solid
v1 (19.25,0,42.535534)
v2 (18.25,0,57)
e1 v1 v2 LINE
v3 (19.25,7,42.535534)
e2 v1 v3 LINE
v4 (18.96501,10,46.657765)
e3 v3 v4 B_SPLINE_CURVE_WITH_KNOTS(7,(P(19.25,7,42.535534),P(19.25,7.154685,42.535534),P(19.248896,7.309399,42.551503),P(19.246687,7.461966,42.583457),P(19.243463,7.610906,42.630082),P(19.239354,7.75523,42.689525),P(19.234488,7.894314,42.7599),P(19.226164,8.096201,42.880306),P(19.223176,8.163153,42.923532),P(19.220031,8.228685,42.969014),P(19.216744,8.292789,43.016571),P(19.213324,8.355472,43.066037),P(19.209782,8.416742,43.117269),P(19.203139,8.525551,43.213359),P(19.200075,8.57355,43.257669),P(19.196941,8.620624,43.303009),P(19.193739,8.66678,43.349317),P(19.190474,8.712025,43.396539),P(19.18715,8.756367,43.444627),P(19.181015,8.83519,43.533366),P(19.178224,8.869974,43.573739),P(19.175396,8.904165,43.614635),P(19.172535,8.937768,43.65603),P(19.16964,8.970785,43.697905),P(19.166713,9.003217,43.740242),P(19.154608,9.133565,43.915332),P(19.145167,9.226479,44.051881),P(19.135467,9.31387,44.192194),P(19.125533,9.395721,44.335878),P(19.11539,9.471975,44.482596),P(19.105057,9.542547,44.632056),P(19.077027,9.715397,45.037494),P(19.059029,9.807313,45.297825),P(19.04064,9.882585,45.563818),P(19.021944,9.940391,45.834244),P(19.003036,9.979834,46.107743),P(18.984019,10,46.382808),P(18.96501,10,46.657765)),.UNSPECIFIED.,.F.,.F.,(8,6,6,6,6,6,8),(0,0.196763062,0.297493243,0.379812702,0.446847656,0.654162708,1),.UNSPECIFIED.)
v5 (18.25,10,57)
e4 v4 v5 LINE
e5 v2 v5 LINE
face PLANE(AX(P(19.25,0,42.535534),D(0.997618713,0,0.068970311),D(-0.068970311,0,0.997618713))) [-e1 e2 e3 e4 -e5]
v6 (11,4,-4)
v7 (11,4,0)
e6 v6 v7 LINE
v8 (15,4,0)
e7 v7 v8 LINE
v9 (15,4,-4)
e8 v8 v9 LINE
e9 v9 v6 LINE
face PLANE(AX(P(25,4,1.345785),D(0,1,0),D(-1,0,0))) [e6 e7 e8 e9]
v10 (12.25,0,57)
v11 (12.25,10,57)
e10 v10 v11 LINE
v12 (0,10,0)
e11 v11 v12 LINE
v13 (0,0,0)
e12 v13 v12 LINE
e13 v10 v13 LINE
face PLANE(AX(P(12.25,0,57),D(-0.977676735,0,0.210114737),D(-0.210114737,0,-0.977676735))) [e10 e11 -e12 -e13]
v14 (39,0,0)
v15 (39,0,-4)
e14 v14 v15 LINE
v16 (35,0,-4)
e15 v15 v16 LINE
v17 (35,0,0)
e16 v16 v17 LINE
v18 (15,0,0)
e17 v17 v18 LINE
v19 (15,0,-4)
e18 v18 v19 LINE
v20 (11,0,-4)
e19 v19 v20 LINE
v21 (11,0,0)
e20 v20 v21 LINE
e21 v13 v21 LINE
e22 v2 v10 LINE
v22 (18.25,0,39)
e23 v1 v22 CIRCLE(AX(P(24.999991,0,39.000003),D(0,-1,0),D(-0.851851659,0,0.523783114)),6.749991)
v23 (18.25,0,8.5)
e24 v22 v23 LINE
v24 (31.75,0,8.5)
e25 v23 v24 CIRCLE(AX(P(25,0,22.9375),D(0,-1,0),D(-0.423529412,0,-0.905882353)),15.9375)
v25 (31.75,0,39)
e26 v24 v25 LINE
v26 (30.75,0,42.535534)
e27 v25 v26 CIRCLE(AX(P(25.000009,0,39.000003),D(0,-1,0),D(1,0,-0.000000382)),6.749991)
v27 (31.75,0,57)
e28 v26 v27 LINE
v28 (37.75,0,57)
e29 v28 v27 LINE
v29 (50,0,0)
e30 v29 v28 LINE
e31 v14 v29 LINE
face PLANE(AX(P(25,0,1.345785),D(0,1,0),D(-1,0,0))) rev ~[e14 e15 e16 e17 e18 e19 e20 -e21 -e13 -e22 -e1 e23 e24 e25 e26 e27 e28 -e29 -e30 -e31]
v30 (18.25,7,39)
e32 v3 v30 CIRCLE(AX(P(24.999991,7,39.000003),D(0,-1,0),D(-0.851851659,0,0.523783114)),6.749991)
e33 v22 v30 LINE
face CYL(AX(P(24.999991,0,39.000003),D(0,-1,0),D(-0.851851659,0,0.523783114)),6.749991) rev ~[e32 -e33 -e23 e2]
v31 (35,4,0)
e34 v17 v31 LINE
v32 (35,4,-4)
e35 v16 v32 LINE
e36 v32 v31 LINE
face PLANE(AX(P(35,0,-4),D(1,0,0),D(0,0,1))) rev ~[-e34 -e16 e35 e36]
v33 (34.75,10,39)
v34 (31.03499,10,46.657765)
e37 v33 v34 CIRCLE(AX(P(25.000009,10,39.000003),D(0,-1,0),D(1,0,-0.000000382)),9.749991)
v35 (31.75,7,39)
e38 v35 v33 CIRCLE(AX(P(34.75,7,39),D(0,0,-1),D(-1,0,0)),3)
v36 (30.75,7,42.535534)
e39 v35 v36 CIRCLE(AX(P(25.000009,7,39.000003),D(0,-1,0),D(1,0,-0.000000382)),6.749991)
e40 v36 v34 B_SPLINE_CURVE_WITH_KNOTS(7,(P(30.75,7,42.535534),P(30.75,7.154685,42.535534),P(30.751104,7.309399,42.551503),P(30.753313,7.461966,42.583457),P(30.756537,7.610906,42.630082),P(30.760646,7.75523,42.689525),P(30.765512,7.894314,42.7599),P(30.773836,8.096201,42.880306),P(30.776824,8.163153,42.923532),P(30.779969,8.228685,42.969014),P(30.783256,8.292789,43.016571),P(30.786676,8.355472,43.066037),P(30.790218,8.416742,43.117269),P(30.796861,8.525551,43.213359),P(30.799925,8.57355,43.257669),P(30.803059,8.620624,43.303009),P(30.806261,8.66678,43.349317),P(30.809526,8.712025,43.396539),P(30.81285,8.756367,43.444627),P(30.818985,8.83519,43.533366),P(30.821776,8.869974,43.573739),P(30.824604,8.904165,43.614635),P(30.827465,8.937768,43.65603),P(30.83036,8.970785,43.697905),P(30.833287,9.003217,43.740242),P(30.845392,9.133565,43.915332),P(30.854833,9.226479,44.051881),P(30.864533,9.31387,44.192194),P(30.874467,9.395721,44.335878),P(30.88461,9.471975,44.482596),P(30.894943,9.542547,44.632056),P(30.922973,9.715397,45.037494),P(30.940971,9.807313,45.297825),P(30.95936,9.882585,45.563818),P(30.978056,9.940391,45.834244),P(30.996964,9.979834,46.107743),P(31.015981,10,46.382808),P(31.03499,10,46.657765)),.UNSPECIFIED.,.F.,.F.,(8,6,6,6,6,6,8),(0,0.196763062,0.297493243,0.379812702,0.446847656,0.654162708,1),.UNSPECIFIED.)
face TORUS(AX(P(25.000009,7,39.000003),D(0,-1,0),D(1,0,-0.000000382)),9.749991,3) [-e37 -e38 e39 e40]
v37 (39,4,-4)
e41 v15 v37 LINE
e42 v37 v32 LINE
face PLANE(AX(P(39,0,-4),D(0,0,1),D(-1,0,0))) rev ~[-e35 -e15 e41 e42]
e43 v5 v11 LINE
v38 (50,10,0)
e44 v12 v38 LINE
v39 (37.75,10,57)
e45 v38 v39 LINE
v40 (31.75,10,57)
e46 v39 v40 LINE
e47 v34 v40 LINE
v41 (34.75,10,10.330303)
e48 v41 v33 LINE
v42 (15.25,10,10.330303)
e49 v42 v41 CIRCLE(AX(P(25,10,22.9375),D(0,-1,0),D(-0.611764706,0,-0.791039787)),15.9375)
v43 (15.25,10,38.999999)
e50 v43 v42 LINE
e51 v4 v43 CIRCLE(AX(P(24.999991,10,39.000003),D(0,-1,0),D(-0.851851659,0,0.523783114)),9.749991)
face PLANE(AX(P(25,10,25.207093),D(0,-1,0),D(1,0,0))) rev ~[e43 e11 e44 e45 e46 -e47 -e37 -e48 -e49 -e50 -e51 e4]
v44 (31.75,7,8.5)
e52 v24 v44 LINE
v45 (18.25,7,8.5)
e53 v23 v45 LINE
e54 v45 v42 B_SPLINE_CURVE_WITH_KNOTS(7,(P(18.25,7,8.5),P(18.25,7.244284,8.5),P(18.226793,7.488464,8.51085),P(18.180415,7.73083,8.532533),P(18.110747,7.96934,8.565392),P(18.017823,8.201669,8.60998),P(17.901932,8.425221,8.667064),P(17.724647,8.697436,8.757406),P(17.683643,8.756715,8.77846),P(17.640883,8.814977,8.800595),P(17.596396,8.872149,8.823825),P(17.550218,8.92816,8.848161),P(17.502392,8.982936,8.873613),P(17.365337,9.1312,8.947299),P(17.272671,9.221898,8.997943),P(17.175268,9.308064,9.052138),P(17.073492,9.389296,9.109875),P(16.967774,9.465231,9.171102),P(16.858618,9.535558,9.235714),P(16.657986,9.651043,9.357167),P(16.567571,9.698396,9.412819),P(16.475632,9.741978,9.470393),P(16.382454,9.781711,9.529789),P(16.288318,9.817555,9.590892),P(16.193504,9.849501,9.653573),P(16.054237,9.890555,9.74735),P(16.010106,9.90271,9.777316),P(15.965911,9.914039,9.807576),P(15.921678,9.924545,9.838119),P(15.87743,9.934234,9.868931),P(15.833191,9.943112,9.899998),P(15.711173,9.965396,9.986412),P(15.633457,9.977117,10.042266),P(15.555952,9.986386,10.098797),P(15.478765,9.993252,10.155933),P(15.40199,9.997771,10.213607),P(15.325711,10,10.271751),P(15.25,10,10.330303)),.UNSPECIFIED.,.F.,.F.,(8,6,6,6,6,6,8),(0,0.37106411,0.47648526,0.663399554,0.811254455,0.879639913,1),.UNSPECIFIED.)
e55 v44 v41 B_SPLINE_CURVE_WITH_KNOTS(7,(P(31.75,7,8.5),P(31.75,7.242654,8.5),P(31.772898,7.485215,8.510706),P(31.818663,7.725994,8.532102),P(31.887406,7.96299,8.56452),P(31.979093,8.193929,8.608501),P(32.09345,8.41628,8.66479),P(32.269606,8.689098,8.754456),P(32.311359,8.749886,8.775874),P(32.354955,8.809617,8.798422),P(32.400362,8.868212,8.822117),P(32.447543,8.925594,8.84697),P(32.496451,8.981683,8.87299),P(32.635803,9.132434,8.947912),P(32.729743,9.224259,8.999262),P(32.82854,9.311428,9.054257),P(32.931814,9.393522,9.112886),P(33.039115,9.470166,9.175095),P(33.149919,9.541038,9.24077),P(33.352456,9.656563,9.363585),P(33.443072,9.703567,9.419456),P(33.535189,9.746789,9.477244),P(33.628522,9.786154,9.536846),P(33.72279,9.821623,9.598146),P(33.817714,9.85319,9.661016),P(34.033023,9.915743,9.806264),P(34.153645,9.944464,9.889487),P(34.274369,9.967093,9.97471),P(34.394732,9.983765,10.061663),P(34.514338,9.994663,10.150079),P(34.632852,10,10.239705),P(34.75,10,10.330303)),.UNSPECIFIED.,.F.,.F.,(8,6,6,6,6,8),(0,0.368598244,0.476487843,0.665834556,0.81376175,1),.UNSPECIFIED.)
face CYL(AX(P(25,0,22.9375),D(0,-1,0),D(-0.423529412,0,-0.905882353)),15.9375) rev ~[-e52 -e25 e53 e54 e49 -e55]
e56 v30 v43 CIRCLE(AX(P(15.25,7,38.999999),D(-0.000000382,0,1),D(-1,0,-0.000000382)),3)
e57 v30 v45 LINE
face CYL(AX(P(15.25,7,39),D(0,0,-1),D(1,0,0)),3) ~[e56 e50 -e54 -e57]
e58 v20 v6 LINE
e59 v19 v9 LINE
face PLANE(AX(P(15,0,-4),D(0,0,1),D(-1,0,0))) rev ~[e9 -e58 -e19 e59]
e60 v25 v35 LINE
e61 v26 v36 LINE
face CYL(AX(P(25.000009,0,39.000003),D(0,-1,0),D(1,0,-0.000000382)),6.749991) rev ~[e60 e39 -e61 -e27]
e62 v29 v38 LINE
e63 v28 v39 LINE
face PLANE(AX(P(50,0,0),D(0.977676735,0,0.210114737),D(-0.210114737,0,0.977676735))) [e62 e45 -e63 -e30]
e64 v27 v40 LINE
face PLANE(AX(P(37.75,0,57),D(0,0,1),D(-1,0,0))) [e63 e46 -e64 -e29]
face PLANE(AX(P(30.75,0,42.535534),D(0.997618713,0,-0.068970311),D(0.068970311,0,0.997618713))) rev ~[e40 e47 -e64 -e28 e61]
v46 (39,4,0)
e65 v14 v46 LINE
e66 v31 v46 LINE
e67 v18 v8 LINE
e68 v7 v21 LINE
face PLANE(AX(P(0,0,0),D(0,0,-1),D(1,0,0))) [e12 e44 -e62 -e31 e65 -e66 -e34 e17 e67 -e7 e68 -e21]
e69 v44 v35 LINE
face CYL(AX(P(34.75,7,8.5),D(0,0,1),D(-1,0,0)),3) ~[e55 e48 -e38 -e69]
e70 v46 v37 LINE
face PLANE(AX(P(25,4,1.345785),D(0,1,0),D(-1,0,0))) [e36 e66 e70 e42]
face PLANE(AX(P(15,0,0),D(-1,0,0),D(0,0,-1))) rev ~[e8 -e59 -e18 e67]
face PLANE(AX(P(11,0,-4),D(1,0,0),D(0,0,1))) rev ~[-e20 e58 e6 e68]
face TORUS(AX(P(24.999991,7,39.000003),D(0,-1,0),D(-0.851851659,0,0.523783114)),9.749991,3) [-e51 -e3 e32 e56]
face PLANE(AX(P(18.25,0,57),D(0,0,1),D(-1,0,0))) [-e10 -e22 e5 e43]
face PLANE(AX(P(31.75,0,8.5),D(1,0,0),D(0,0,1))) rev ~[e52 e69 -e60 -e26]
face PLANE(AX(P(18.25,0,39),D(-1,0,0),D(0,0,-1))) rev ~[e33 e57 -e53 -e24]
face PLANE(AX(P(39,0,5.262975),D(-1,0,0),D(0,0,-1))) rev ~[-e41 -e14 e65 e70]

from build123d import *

# Parameters (mm, degrees)
PAD006_DEPTH = 10
FILLET001_R  = 3
PAD010_DEPTH = 4


with BuildPart() as part:
    # Sketch006 → Pad006 (new body)
    with BuildSketch(Plane.XZ):
        with BuildLine():
            Line((18.25, 57), (12.25, 57))
            Line((12.25, 57), (0, 0))
            Line((0, 0), (50, 0))
            Line((50, 0), (37.75, 57))
            Line((37.75, 57), (31.75, 57))
            Line((30.75, 42.535534), (31.75, 57))
            ThreePointArc((31.75, 39), (31.495191, 40.837117), (30.75, 42.535534))
            Line((31.75, 8.5), (31.75, 39))
            ThreePointArc((18.25, 8.5), (25, 7), (31.75, 8.5))
            Line((18.25, 39), (18.25, 8.5))
            ThreePointArc((19.25, 42.535534), (18.504809, 40.837117), (18.25, 39))
            Line((19.25, 42.535534), (18.25, 57))
        make_face()
    extrude(amount=-PAD006_DEPTH)

    # Fillet001
    fillet001_edges = [part.edges().sort_by_distance(p)[0] for p in [
        (31.75, 10, 23.75),
        (18.25, 10, 23.75),
    ]]
    fillet(fillet001_edges, radius=FILLET001_R)

    # Sketch009 → Pad010 (join)
    with BuildSketch(Plane.XZ):
        Polygon((11, -4), (11, 5.262975), (39, 5.262975), (39, -4), (35, -4), (35, 0), (15, 0), (15, -4), align=None)
    extrude(amount=-PAD010_DEPTH)


solid = part.part
